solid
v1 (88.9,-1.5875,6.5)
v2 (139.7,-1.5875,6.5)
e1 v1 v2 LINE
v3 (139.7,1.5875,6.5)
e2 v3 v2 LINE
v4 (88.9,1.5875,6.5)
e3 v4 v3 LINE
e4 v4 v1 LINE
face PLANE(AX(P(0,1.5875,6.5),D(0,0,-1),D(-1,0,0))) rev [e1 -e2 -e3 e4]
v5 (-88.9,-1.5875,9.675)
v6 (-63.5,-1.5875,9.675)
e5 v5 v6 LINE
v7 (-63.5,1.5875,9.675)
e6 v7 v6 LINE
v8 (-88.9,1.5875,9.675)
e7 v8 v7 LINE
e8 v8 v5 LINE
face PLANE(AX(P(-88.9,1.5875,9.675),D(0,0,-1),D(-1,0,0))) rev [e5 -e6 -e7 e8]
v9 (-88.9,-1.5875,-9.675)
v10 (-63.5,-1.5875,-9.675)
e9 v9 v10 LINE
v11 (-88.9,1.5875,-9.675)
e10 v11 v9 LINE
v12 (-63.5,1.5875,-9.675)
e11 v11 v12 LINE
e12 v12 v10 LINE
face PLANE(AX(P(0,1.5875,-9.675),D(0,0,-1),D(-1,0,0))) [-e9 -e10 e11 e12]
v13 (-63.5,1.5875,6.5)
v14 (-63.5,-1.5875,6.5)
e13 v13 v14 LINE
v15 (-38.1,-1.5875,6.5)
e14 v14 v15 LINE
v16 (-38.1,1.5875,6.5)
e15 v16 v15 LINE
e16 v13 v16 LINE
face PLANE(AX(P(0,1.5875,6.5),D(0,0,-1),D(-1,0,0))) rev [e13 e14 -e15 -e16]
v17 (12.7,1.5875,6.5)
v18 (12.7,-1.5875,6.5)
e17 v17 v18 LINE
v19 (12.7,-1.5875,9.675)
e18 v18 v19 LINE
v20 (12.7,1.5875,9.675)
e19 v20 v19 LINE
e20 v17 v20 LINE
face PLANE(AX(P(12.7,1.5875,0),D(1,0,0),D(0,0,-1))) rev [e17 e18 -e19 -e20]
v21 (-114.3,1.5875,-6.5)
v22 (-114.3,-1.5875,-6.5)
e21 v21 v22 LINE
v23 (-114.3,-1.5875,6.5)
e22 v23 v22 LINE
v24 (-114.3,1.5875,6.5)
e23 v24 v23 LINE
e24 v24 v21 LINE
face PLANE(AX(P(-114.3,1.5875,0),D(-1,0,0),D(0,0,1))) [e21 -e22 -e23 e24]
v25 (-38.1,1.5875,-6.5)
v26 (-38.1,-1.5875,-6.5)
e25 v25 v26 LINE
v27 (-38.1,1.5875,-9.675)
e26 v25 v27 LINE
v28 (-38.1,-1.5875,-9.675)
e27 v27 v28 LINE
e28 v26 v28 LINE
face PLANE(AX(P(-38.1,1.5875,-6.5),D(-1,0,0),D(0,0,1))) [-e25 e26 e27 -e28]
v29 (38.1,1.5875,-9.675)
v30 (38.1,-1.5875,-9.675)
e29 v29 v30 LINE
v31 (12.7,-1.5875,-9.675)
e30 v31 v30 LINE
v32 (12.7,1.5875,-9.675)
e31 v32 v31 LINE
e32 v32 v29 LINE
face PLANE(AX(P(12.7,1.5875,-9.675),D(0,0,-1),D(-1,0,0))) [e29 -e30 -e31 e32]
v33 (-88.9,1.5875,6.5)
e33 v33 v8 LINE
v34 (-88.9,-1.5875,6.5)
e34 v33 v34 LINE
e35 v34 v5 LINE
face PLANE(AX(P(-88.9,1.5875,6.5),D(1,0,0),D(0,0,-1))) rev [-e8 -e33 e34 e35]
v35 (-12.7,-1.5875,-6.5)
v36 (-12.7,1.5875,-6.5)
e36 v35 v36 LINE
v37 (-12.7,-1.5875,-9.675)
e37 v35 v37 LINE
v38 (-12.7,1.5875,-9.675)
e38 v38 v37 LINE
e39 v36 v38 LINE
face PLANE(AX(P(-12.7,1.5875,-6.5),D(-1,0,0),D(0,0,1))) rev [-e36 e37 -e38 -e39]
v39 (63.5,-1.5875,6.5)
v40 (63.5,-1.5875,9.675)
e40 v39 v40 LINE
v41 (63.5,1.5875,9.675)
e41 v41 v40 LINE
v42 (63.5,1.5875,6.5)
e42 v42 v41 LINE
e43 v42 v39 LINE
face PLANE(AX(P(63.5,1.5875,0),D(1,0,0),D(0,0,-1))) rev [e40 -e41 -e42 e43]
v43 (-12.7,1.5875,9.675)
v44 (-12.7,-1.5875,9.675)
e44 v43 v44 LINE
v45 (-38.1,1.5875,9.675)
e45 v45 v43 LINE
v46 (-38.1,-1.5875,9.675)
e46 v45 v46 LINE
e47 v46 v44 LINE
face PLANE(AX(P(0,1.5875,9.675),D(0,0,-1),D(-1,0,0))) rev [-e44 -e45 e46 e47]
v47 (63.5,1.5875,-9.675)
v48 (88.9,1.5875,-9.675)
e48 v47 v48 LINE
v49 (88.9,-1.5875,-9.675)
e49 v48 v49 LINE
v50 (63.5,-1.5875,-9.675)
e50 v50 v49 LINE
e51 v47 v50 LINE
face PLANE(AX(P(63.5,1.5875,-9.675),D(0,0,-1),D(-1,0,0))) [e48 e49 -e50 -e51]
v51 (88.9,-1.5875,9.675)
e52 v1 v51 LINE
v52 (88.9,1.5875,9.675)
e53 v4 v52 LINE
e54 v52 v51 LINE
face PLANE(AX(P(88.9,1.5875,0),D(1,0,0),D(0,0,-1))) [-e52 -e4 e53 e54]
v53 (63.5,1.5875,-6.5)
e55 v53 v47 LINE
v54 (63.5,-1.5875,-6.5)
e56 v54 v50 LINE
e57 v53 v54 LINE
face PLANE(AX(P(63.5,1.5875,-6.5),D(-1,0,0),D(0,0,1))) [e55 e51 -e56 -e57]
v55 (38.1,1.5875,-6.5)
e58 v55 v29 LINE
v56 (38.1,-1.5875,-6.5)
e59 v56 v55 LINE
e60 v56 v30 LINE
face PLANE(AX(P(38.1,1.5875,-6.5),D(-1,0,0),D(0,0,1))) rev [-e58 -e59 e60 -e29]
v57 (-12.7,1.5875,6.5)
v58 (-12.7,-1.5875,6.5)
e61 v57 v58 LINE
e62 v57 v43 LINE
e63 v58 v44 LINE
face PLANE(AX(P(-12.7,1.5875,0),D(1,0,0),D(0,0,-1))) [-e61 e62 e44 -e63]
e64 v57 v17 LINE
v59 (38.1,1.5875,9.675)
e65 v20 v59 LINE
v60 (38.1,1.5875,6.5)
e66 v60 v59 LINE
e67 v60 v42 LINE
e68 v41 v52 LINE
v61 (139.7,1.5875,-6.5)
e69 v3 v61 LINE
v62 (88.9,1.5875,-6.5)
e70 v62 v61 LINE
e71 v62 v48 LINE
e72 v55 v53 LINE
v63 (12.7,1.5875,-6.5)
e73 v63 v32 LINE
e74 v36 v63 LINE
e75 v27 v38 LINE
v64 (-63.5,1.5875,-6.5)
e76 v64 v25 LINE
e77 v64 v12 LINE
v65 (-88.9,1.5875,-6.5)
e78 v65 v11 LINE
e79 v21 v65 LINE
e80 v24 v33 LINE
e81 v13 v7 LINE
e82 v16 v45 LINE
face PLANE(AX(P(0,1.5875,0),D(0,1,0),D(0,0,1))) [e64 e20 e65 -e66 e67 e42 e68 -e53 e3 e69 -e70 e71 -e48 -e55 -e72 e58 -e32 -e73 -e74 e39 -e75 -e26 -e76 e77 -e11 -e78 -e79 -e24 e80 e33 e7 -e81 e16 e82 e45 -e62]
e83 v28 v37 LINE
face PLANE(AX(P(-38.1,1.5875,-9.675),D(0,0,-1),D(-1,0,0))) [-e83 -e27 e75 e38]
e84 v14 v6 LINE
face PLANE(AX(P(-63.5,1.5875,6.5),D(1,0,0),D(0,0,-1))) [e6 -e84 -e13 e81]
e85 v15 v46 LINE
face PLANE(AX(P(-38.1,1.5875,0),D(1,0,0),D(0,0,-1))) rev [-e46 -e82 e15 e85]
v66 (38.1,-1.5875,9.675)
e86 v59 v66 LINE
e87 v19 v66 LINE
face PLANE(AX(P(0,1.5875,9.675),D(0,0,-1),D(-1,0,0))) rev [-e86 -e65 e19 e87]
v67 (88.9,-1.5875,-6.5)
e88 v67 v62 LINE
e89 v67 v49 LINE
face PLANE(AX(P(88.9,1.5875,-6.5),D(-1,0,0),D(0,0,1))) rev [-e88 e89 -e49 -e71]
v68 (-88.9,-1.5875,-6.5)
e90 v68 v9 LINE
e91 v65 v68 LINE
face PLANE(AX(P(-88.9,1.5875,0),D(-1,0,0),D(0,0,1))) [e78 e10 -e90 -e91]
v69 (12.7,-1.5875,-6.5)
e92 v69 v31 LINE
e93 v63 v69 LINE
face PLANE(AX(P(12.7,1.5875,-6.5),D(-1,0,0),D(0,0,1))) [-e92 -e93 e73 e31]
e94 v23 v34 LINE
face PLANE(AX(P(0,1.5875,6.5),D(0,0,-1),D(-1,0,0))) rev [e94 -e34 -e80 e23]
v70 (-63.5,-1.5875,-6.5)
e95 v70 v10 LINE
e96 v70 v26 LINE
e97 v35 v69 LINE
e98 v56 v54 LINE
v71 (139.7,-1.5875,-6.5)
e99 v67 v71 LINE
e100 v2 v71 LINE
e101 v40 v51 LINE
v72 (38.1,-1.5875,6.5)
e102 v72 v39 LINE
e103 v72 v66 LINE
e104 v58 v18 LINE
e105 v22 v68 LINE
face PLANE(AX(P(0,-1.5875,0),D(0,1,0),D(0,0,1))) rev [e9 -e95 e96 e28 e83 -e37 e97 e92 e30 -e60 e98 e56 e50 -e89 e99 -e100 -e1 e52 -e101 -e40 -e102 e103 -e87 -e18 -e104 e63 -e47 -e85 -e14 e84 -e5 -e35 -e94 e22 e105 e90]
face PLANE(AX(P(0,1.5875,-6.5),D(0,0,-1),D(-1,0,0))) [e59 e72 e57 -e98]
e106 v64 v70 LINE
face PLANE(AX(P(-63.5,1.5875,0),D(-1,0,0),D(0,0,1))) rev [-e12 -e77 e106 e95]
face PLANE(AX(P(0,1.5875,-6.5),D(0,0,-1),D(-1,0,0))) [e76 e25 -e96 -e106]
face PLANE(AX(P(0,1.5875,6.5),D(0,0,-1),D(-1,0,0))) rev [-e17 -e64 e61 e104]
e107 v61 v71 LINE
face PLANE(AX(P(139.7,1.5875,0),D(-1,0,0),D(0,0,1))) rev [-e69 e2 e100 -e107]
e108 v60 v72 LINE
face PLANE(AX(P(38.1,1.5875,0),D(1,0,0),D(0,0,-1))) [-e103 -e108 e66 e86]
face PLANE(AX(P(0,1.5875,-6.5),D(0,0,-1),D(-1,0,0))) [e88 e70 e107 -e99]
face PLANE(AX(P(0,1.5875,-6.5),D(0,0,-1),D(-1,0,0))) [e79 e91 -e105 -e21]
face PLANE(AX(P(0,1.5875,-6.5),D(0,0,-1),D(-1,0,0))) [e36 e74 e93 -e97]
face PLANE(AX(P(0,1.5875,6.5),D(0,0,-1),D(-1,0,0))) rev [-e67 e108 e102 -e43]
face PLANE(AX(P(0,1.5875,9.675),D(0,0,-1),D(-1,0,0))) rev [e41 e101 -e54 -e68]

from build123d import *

# Parameters (mm, degrees)
BOSS_EXTRUDE1_DEPTH = 1.5875


with BuildPart() as part:
    # Sketch1 → Boss-Extrude1 (new body, symmetric)
    with BuildSketch(Plane(origin=(0, 0, 0), x_dir=(1, 0, 0), z_dir=(0, 1, 0))):
        Polygon((-114.3, 6.5), (-114.3, -6.5), (-88.9, -6.5), (-88.9, -9.675), (-63.5, -9.675), (-63.5, -6.5), (-38.1, -6.5), (-38.1, -9.675), (-12.7, -9.675), (-12.7, -6.5), (12.7, -6.5), (12.7, -9.675), (38.1, -9.675), (38.1, -6.5), (63.5, -6.5), (63.5, -9.675), (88.9, -9.675), (88.9, -6.5), (139.7, -6.5), (139.7, 6.5), (88.9, 6.5), (88.9, 9.675), (63.5, 9.675), (63.5, 6.5), (38.1, 6.5), (38.1, 9.675), (12.7, 9.675), (12.7, 6.5), (-12.7, 6.5), (-12.7, 9.675), (-38.1, 9.675), (-38.1, 6.5), (-63.5, 6.5), (-63.5, 9.675), (-88.9, 9.675), (-88.9, 6.5), align=None)
    extrude(amount=BOSS_EXTRUDE1_DEPTH, both=True)


solid = part.part
